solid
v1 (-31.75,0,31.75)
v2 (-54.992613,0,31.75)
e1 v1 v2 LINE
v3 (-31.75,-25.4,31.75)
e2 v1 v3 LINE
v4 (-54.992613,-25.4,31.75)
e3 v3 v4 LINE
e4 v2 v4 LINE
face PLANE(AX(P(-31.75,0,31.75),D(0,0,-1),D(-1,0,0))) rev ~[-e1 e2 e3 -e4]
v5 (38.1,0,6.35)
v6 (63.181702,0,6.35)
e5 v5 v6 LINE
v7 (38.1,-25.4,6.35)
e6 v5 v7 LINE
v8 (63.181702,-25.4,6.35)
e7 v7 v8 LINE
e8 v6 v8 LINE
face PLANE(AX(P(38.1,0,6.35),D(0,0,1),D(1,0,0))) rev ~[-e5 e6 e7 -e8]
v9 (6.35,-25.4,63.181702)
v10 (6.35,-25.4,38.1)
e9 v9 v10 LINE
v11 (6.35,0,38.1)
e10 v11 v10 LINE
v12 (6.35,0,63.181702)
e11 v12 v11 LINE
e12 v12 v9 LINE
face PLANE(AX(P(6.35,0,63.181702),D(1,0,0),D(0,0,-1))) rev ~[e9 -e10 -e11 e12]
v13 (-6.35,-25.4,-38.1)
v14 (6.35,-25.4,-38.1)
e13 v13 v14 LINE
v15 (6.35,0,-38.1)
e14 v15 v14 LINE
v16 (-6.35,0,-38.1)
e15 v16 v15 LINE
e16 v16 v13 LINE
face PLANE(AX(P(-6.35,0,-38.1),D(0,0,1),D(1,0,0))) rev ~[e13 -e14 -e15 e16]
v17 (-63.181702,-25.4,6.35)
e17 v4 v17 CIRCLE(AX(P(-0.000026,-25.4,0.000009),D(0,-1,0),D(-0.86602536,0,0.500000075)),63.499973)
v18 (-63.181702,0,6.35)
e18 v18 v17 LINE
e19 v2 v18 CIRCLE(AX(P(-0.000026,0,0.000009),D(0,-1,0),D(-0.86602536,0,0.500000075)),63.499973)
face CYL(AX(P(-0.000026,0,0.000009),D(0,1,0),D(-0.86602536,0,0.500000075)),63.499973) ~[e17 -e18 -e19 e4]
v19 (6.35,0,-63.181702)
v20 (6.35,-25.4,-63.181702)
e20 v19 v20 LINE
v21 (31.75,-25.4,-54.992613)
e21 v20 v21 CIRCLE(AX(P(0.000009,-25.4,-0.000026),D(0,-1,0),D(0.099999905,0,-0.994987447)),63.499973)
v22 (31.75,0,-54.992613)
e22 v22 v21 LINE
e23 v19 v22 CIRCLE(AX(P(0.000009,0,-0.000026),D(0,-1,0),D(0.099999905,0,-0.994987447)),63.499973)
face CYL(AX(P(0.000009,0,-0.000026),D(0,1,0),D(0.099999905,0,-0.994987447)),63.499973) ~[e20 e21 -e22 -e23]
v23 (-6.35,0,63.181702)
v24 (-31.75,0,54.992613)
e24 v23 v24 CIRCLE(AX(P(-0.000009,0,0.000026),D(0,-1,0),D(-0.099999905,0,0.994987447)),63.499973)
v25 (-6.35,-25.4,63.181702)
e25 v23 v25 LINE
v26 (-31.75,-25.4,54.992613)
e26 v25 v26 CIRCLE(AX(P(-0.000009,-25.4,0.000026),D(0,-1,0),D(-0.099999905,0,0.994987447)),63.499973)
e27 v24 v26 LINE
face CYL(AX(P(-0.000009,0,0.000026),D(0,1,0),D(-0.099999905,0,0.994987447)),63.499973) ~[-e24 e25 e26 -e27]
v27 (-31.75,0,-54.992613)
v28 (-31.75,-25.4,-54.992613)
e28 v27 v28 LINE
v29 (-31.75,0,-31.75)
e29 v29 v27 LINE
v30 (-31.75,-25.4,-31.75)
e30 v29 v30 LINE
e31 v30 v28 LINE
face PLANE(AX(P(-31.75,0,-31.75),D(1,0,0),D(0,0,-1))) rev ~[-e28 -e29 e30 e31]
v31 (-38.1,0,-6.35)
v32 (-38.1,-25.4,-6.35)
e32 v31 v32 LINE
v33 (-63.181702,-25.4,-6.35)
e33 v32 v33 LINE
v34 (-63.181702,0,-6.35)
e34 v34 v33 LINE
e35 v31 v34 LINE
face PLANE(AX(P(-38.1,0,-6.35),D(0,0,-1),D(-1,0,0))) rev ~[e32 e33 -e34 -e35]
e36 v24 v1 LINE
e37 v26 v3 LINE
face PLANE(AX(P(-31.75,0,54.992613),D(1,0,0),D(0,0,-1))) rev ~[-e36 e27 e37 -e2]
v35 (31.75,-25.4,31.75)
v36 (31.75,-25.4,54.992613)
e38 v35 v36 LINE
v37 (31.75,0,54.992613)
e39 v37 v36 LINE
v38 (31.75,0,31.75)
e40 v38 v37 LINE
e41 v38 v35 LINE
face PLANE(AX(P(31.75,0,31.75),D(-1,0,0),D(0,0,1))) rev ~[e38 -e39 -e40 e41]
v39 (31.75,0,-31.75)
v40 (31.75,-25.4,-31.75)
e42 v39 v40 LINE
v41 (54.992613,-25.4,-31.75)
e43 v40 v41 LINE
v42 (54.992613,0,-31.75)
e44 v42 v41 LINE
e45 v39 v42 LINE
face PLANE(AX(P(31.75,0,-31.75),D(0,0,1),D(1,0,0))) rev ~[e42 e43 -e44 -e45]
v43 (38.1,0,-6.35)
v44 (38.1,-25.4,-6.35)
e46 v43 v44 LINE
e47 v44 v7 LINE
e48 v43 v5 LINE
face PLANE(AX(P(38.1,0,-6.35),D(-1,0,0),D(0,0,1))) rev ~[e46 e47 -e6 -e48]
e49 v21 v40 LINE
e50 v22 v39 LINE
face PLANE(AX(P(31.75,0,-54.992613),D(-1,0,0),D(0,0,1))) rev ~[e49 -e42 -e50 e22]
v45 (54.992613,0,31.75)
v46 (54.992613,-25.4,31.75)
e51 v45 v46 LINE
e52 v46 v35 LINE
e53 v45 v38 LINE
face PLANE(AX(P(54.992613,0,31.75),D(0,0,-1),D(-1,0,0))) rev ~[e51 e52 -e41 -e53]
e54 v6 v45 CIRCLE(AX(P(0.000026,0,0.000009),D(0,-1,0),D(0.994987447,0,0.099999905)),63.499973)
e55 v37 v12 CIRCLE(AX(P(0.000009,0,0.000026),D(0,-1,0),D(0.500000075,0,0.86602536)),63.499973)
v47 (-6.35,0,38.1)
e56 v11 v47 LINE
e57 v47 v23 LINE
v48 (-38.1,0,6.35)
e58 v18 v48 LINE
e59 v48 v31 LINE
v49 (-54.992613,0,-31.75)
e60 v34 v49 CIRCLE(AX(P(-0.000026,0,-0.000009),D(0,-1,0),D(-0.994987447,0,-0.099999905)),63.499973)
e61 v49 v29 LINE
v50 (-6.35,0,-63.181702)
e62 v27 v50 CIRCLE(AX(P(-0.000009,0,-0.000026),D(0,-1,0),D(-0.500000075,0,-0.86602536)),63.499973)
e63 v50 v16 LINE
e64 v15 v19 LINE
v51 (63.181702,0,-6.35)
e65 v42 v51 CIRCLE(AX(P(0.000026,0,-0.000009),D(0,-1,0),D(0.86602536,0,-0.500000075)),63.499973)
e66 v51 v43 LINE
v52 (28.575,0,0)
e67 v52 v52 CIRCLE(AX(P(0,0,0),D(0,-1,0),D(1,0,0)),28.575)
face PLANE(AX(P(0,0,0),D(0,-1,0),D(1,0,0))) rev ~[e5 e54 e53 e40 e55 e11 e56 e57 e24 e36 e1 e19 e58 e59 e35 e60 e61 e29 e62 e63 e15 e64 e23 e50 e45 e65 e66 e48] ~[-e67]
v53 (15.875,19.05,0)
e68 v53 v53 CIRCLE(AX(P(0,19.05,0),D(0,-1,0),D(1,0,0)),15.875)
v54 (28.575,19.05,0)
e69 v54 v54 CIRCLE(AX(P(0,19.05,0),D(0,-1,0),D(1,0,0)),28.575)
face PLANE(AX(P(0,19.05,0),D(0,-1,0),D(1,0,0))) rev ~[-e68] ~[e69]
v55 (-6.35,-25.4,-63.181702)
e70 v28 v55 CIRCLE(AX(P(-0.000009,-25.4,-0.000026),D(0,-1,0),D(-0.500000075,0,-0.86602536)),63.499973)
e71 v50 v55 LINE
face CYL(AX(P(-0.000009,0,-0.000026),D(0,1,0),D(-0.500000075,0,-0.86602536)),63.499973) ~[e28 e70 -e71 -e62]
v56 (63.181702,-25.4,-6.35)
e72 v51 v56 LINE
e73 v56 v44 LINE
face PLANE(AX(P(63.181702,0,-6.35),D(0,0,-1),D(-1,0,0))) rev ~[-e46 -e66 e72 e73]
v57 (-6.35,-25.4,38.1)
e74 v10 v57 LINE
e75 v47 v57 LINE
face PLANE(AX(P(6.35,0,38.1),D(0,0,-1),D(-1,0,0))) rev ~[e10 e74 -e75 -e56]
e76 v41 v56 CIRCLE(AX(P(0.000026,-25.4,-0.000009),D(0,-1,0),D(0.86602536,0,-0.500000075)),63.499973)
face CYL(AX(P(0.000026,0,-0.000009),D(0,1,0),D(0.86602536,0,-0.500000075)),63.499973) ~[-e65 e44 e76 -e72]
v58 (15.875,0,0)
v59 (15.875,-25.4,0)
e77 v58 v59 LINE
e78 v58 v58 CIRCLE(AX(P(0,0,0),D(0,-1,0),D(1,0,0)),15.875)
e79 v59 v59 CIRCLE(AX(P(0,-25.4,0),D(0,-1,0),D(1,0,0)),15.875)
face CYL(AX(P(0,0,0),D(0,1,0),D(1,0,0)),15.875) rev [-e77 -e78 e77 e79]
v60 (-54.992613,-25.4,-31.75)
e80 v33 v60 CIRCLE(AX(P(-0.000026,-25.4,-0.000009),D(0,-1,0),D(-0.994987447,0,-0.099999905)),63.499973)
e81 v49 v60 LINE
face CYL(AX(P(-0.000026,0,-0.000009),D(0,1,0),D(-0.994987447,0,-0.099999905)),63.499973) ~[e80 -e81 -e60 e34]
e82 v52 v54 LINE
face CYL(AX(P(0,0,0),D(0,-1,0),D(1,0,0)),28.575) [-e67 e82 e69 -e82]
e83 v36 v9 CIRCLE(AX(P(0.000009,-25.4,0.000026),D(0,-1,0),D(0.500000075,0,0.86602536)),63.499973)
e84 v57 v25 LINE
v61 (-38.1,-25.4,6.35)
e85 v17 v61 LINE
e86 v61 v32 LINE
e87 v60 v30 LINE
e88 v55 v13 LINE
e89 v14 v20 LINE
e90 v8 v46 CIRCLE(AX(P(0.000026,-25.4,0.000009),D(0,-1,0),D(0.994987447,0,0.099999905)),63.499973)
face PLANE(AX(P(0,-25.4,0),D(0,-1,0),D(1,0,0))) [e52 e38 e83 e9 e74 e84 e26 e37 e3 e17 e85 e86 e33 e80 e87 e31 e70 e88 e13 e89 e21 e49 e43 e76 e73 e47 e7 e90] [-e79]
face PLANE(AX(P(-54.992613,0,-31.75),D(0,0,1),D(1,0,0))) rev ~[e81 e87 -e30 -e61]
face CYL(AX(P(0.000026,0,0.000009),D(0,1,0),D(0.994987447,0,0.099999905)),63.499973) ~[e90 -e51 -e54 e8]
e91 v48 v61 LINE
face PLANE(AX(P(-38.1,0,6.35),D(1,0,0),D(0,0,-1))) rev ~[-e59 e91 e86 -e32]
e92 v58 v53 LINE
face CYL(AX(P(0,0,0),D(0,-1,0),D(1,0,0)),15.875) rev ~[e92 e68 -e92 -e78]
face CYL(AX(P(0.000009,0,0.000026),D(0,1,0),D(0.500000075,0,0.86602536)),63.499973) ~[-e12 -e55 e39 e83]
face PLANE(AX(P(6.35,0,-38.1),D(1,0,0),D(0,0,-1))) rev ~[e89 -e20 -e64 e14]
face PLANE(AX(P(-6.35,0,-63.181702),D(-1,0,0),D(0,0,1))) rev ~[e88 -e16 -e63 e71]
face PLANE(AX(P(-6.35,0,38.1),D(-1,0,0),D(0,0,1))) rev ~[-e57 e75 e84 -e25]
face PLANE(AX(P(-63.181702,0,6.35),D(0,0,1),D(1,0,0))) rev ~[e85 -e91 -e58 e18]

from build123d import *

# Parameters (mm, degrees)
F0_R     = 28.575
F0_R_2   = 15.875
F1_DEPTH = 25.4
F2_DEPTH = 19.05


with BuildPart() as f1:
    # F0 (on Front) → F1 (new body)
    with BuildSketch(Plane.XZ):
        with BuildLine():
            Line((38.1, 6.35), (63.181702, 6.35))
            ThreePointArc((63.181702, 6.35), (60.436597, 19.485066), (54.992613, 31.75))
            Line((54.992613, 31.75), (31.75, 31.75))
            Line((31.75, 31.75), (31.75, 54.992613))
            ThreePointArc((31.75, 54.992613), (19.485066, 60.436597), (6.35, 63.181702))
            Line((6.35, 63.181702), (6.35, 38.1))
            Line((6.35, 38.1), (0, 38.1))
            Line((0, 38.1), (-6.35, 38.1))
            Line((-6.35, 38.1), (-6.35, 63.181702))
            ThreePointArc((-6.35, 63.181702), (-19.485066, 60.436597), (-31.75, 54.992613))
            Line((-31.75, 54.992613), (-31.75, 31.75))
            Line((-31.75, 31.75), (-54.992613, 31.75))
            ThreePointArc((-54.992613, 31.75), (-60.436597, 19.485066), (-63.181702, 6.35))
            Line((-63.181702, 6.35), (-38.1, 6.35))
            Line((-38.1, 6.35), (-38.1, 0))
            Line((-38.1, 0), (-38.1, -6.35))
            Line((-38.1, -6.35), (-63.181702, -6.35))
            ThreePointArc((-63.181702, -6.35), (-60.436597, -19.485066), (-54.992613, -31.75))
            Line((-54.992613, -31.75), (-31.75, -31.75))
            Line((-31.75, -31.75), (-31.75, -54.992613))
            ThreePointArc((-31.75, -54.992613), (-19.485066, -60.436597), (-6.35, -63.181702))
            Line((-6.35, -63.181702), (-6.35, -38.1))
            Line((-6.35, -38.1), (0, -38.1))
            Line((0, -38.1), (6.35, -38.1))
            Line((6.35, -38.1), (6.35, -63.181702))
            ThreePointArc((6.35, -63.181702), (19.485066, -60.436597), (31.75, -54.992613))
            Line((31.75, -54.992613), (31.75, -31.75))
            Line((31.75, -31.75), (54.992613, -31.75))
            ThreePointArc((54.992613, -31.75), (60.436597, -19.485066), (63.181702, -6.35))
            Line((63.181702, -6.35), (38.1, -6.35))
            Line((38.1, -6.35), (38.1, 0))
            Line((38.1, 0), (38.1, 6.35))
        make_face()
        Circle(F0_R, mode=Mode.SUBTRACT)
        Circle(F0_R)
        Circle(F0_R_2, mode=Mode.SUBTRACT)
    extrude(amount=F1_DEPTH)

    # F0 (on Front) → F2 (join)
    with BuildSketch(Plane.XZ):
        Circle(F0_R)
        Circle(F0_R_2, mode=Mode.SUBTRACT)
    extrude(amount=-F2_DEPTH)


solid = f1.part
